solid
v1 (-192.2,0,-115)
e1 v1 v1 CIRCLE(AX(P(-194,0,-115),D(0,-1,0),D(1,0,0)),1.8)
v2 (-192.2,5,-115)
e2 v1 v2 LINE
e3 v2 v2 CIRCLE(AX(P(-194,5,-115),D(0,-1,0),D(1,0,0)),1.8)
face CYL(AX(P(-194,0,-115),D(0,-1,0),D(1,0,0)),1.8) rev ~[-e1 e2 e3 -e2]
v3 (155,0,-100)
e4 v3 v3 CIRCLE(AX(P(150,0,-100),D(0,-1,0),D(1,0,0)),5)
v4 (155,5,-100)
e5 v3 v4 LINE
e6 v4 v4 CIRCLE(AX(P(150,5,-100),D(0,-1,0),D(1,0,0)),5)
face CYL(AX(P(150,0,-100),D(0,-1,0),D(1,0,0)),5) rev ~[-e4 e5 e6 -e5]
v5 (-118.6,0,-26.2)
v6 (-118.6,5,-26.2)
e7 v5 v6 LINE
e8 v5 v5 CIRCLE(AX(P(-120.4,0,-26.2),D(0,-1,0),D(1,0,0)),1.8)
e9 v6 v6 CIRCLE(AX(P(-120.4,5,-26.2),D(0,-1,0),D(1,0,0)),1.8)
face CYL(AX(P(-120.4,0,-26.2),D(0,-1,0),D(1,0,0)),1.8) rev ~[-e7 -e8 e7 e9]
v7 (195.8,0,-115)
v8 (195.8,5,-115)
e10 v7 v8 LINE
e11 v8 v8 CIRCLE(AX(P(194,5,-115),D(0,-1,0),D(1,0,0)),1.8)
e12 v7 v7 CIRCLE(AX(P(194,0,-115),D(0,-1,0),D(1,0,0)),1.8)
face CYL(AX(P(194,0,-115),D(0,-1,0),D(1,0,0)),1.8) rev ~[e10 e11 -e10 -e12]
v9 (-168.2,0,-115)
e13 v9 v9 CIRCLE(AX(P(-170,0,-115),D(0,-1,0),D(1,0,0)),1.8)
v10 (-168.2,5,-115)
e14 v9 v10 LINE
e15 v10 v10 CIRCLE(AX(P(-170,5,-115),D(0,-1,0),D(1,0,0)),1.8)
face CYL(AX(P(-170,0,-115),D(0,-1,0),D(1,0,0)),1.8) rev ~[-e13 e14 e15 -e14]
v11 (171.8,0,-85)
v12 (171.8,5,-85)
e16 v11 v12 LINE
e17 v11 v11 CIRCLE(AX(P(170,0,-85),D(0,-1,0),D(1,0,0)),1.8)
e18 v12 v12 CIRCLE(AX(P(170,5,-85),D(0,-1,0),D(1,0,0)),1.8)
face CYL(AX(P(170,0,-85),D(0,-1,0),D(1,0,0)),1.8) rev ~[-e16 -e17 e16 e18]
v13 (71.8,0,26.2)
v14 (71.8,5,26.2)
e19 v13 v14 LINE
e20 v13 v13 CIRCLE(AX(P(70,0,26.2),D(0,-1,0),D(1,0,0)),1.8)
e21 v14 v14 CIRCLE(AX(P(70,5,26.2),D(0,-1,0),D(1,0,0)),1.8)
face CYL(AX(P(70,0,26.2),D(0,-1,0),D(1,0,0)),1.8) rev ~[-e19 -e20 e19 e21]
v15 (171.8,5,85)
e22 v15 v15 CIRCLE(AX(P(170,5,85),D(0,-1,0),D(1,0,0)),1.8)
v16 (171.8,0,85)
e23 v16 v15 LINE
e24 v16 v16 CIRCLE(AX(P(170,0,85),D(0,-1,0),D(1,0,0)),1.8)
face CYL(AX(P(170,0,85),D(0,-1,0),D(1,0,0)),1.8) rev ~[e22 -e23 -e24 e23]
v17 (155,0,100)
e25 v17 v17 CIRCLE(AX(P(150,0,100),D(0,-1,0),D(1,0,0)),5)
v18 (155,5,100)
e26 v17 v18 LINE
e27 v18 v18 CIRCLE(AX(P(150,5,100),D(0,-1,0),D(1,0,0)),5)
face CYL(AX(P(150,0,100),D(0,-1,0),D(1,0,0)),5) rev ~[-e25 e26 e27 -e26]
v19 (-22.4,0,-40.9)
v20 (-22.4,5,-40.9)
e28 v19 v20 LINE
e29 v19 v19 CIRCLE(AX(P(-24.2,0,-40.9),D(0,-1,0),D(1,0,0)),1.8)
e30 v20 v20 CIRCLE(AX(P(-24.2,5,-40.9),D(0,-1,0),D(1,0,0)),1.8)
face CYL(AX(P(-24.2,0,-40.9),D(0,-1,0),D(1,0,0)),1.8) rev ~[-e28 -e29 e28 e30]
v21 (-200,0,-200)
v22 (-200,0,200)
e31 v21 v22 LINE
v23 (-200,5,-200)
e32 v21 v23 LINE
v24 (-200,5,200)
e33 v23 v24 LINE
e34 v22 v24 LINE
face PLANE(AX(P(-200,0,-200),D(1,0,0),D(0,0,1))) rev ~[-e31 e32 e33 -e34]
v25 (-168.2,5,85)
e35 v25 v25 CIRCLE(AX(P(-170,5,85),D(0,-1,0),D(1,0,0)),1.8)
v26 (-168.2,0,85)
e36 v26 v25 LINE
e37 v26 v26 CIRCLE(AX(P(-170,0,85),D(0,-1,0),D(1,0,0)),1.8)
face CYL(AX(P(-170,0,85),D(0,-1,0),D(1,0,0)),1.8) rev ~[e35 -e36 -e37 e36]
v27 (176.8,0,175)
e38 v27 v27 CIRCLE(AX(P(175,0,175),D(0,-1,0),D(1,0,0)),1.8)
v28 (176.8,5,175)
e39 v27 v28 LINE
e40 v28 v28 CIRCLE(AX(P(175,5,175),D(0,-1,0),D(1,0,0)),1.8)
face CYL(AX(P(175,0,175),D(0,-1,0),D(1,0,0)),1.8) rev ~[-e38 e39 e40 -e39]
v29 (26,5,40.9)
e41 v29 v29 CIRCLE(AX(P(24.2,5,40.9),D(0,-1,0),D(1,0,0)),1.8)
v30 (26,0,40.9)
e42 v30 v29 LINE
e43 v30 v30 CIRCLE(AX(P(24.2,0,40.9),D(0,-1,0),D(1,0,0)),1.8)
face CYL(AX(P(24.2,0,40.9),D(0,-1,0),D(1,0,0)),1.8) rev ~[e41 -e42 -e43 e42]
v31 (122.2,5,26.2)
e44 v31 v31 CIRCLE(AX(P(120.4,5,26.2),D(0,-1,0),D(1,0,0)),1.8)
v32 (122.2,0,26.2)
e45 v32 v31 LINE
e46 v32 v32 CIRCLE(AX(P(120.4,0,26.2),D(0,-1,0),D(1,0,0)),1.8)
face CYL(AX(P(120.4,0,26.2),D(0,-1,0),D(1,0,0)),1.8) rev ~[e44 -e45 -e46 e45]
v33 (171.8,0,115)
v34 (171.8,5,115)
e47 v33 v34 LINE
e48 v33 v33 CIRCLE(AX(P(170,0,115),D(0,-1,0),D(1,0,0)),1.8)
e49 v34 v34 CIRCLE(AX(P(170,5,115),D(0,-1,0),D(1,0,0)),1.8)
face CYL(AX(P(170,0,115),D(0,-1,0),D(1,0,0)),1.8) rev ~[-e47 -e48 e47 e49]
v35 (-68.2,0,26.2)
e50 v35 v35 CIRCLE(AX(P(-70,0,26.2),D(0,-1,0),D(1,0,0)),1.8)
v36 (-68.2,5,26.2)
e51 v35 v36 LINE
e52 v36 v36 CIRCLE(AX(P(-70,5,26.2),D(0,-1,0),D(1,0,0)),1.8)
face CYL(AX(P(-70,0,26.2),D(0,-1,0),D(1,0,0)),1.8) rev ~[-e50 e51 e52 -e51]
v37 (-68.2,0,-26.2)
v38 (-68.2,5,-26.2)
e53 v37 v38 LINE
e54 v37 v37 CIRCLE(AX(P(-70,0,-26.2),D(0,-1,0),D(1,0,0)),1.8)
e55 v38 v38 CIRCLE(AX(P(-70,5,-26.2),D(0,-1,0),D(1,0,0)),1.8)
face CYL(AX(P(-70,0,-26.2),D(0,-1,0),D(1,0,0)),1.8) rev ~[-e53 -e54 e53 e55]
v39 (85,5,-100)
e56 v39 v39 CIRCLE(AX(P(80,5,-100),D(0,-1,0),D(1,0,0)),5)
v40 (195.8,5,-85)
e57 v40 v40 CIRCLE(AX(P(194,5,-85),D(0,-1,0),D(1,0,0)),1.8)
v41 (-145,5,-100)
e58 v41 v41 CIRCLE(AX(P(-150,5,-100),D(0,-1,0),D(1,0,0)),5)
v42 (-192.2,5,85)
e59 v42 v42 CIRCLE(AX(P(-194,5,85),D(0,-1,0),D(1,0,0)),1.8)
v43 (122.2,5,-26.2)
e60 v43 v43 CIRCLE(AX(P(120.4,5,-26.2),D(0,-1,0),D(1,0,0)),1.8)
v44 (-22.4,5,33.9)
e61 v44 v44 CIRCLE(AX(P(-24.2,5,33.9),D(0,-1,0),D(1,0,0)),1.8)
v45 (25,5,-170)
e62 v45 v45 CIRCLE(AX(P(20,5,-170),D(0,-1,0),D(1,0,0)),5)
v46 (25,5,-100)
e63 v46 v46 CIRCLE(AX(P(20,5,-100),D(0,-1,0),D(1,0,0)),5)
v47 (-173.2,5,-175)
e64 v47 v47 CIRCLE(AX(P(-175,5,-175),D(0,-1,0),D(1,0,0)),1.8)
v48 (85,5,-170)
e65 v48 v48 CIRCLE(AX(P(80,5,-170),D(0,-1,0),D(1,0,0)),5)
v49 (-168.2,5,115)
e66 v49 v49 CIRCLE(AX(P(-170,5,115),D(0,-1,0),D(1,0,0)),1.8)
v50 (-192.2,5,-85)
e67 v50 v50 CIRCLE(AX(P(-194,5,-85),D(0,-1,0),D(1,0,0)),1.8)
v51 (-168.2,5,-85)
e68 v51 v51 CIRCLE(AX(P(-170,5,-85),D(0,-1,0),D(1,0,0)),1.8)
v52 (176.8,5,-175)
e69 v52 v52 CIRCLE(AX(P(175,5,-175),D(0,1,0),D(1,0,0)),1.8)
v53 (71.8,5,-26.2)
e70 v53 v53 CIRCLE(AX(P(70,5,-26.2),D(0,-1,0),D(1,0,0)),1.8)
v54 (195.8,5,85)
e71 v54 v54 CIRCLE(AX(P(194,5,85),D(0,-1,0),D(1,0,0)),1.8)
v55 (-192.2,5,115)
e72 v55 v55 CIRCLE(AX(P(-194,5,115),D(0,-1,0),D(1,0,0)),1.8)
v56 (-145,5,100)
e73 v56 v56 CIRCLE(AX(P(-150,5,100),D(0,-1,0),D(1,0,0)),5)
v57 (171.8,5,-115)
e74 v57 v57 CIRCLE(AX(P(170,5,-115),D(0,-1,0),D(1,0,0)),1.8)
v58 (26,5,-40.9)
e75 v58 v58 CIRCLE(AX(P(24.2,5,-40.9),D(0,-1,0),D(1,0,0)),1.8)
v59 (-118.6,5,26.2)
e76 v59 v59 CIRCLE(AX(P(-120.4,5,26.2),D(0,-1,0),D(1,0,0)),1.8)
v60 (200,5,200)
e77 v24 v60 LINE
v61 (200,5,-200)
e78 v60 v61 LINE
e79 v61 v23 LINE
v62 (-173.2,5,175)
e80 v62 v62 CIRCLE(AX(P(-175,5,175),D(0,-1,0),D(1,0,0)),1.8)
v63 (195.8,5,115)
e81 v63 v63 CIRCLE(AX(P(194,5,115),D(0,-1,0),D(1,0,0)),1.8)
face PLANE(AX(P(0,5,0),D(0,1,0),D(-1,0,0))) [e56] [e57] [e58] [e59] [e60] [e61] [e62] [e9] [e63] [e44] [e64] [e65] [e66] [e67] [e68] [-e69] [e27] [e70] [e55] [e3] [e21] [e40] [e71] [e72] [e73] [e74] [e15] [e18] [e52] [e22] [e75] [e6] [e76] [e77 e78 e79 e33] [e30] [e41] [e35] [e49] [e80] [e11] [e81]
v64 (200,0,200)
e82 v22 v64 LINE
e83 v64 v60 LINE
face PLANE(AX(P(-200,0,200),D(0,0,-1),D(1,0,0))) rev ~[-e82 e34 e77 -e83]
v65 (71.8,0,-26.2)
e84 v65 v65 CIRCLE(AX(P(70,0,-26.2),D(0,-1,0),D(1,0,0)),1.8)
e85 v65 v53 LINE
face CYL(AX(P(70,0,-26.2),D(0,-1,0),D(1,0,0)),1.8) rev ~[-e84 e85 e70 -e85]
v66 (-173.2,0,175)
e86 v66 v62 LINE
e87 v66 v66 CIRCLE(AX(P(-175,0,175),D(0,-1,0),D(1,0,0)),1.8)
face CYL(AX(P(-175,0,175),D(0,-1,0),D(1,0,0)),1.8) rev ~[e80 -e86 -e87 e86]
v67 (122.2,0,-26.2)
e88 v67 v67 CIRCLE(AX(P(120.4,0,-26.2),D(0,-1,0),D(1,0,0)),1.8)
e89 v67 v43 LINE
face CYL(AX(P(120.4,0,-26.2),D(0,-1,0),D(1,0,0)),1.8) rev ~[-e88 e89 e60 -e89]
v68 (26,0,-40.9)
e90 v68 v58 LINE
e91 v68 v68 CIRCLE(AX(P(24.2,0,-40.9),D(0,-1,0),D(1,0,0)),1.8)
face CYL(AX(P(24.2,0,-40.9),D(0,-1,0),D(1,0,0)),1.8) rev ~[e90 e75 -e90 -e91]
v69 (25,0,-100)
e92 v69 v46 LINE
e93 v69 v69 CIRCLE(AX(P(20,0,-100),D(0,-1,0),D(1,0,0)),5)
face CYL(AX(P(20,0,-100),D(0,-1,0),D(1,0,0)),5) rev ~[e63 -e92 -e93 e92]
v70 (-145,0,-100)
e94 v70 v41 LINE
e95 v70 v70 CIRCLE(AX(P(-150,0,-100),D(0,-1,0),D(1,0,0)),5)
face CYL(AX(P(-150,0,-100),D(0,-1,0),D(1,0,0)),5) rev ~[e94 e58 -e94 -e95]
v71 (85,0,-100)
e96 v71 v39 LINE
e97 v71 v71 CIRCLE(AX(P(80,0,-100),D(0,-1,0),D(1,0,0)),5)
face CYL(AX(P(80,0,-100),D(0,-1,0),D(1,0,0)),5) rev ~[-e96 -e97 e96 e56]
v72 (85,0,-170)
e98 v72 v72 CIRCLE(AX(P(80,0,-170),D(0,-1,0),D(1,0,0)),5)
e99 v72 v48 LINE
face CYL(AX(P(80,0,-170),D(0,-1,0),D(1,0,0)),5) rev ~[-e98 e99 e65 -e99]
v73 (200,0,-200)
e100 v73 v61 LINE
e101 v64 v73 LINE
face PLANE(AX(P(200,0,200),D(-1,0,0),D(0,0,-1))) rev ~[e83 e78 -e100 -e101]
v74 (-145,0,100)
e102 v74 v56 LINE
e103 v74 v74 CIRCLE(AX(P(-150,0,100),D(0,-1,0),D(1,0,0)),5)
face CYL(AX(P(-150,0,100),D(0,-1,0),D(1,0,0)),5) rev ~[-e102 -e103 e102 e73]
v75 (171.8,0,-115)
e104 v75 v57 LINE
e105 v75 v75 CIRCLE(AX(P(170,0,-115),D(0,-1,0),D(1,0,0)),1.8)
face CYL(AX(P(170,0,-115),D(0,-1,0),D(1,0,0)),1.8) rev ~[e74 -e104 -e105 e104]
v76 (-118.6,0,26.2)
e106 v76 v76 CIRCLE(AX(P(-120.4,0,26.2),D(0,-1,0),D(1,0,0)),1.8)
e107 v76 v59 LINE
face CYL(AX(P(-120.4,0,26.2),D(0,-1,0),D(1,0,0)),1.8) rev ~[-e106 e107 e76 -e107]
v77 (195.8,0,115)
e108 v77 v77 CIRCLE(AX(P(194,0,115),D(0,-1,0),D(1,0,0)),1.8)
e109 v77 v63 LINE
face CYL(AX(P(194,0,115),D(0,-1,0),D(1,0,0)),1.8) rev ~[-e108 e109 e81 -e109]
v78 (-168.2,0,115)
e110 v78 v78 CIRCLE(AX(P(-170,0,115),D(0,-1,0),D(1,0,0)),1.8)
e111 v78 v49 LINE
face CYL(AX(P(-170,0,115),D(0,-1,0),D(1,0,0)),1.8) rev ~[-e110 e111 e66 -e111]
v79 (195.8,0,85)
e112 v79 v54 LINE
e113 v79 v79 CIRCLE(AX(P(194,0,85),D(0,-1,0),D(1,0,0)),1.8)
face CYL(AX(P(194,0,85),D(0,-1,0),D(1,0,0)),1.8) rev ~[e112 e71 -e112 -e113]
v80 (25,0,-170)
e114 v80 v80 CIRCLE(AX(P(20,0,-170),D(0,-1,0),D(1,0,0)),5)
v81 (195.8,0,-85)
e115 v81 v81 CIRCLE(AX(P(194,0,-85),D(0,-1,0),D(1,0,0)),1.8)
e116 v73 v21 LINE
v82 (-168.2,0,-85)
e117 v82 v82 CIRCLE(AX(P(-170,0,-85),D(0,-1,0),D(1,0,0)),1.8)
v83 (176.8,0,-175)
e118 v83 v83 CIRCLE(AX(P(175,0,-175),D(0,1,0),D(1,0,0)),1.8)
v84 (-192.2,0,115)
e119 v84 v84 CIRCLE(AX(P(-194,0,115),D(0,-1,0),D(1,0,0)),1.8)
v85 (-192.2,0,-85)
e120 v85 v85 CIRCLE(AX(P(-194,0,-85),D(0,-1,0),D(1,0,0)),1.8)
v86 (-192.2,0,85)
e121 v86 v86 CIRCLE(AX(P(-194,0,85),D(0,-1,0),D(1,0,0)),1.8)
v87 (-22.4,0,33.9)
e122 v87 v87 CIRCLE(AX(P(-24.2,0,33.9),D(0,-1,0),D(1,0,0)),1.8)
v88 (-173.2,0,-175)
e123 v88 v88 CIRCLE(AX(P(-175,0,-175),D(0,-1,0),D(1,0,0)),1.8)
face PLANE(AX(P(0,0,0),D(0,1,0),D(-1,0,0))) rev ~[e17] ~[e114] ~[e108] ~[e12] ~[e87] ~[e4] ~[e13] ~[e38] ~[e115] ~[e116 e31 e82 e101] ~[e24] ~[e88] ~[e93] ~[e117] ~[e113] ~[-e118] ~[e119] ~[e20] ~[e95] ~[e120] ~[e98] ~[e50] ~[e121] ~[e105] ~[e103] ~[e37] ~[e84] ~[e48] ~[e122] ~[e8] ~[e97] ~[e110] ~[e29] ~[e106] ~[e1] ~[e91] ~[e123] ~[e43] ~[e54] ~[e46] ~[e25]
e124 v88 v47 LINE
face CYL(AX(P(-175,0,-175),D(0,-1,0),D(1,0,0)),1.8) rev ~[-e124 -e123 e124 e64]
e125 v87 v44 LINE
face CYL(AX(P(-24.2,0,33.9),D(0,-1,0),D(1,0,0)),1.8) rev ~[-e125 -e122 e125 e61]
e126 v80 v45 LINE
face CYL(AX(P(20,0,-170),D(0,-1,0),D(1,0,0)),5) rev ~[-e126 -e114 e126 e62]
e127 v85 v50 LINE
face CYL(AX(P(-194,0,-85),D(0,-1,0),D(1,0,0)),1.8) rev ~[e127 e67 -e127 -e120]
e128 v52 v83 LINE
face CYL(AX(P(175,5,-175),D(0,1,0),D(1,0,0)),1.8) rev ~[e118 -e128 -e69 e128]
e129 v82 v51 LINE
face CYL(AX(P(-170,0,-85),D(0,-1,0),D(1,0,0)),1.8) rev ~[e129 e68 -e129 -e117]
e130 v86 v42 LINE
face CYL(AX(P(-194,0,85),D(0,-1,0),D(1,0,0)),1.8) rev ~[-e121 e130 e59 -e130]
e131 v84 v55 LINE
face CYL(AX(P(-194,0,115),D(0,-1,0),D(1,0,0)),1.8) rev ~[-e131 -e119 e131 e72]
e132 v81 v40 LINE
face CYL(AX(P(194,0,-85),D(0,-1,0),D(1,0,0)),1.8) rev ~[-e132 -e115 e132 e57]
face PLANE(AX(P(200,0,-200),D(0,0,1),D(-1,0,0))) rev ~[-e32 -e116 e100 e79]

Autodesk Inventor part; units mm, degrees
ref_plane "YZ Plane" through (0, 0, 0) normal (1, 0, 0) x (0, 1, 0)
ref_plane "XZ Plane" through (0, 0, 0) normal (0, 1, 0) x (-1, 0, 0)
ref_plane "XY Plane" through (0, 0, 0) normal (0, 0, 1) x (1, 0, 0)
sketch "草图1" plane through (0, 0, 0) normal (0, 1, 0) x (-1, 0, 0)
  line L0 (200, 200) -> (-200, 200)
  line L1 (-200, 200) -> (-200, -200)
  line L2 (-200, -200) -> (200, -200)
  line L3 (200, -200) -> (200, 200)
  point P0 (0, 0)
  dimension "d0" = 400
  dimension "d1" = 400
extrude "拉伸1" add sketch "草图1" along normal blind 5
sketch "草图2" plane through (0, 5, 0) normal (0, 1, 0) x (1, 0, 0)
  circle A0 centre (175, 175) radius 1.8
  point P0 (0, 0)
  dimension "d4" = 3.6
extrude "拉伸2" cut sketch "草图2" against normal through all
sketch "草图3" plane through (0, 0, 0) normal (0, -1, 0) x (1, 0, 0)
  circle A0 centre (175, 175) radius 1.8
  point P0 (0, 0)
  dimension "d7" = 3.6
extrude "拉伸3" cut sketch "草图3" against normal through all
sketch "草图4" plane through (0, 0, 0) normal (0, -1, 0) x (1, 0, 0)
  circle A0 centre (-175, -175) radius 1.8
  point P0 (0, 0)
  dimension "d10" = 3.6
extrude "拉伸4" cut sketch "草图4" against normal through all
sketch "草图5" plane through (0, 0, 0) normal (0, -1, 0) x (1, 0, 0)
  circle A0 centre (-175, 175) radius 1.8
  point P0 (0, 0)
  dimension "d13" = 3.6
extrude "拉伸5" cut sketch "草图5" against normal through all
sketch "草图6" plane through (0, 0, 0) normal (0, -1, 0) x (1, 0, 0)
  circle A0 centre (-194, -85) radius 1.8
  point P0 (0, 0)
  dimension "d16" = 3.6
extrude "拉伸6" cut sketch "草图6" against normal through all
sketch "草图7" plane through (0, 0, 0) normal (0, -1, 0) x (1, 0, 0)
  circle A0 centre (-170, -85) radius 1.8
  point P0 (0, 0)
  dimension "d19" = 3.6
extrude "拉伸7" cut sketch "草图7" against normal through all
sketch "草图8" plane through (0, 0, 0) normal (0, -1, 0) x (1, 0, 0)
  circle A0 centre (-194, -115) radius 1.8
  point P0 (0, 0)
  dimension "d22" = 3.6
extrude "拉伸8" cut sketch "草图8" against normal through all
sketch "草图9" plane through (0, 0, 0) normal (0, -1, 0) x (1, 0, 0)
  circle A0 centre (-170, -115) radius 1.8
  point P0 (0, 0)
  dimension "d25" = 3.6
extrude "拉伸9" cut sketch "草图9" against normal through all
sketch "草图10" plane through (0, 0, 0) normal (0, -1, 0) x (1, 0, 0)
  circle A0 centre (194, 85) radius 1.8
  point P0 (0, 0)
  dimension "d28" = 3.6
extrude "拉伸10" cut sketch "草图10" against normal through all
sketch "草图11" plane through (0, 0, 0) normal (0, -1, 0) x (1, 0, 0)
  circle A0 centre (194, 115) radius 1.8
  point P0 (0, 0)
  dimension "d31" = 3.6
extrude "拉伸11" cut sketch "草图11" against normal through all
sketch "草图12" plane through (0, 0, 0) normal (0, -1, 0) x (1, 0, 0)
  circle A0 centre (170, 85) radius 1.8
  point P0 (0, 0)
  dimension "d34" = 3.6
extrude "拉伸12" cut sketch "草图12" against normal through all
sketch "草图13" plane through (0, 0, 0) normal (0, -1, 0) x (1, 0, 0)
  circle A0 centre (170, 115) radius 1.8
  point P0 (0, 0)
  dimension "d37" = 3.6
extrude "拉伸13" cut sketch "草图13" against normal through all
sketch "草图14" plane through (0, 0, 0) normal (0, -1, 0) x (1, 0, 0)
  circle A0 centre (194, -85) radius 1.8
  point P0 (0, 0)
  dimension "d40" = 3.6
extrude "拉伸14" cut sketch "草图14" against normal through all
sketch "草图15" plane through (0, 0, 0) normal (0, -1, 0) x (1, 0, 0)
  circle A0 centre (194, -115) radius 1.8
  point P0 (0, 0)
  dimension "d43" = 3.6
extrude "拉伸15" cut sketch "草图15" against normal through all
sketch "草图16" plane through (0, 0, 0) normal (0, -1, 0) x (1, 0, 0)
  circle A0 centre (170, -85) radius 1.8
  point P0 (0, 0)
  dimension "d46" = 3.6
extrude "拉伸16" cut sketch "草图16" against normal through all
sketch "草图17" plane through (0, 0, 0) normal (0, -1, 0) x (1, 0, 0)
  circle A0 centre (170, -115) radius 1.8
  point P0 (0, 0)
  dimension "d49" = 3.6
extrude "拉伸17" cut sketch "草图17" against normal through all
sketch "草图18" plane through (0, 0, 0) normal (0, -1, 0) x (1, 0, 0)
  circle A0 centre (-194, 115) radius 1.8
  point P0 (0, 0)
  dimension "d52" = 3.6
extrude "拉伸18" cut sketch "草图18" against normal through all
sketch "草图19" plane through (0, 0, 0) normal (0, -1, 0) x (1, 0, 0)
  circle A0 centre (-194, 85) radius 1.8
  point P0 (0, 0)
  dimension "d55" = 3.6
extrude "拉伸19" cut sketch "草图19" against normal through all
sketch "草图20" plane through (0, 0, 0) normal (0, -1, 0) x (1, 0, 0)
  circle A0 centre (-170, 115) radius 1.8
  point P0 (0, 0)
  dimension "d58" = 3.6
extrude "拉伸20" cut sketch "草图20" against normal through all
sketch "草图21" plane through (0, 0, 0) normal (0, -1, 0) x (1, 0, 0)
  circle A0 centre (-170, 85) radius 1.8
  point P0 (0, 0)
  dimension "d61" = 3.6
extrude "拉伸21" cut sketch "草图21" against normal through all
sketch "草图22" plane through (0, 0, 0) normal (0, -1, 0) x (1, 0, 0)
  circle A0 centre (150, 100) radius 5
  point P0 (0, 0)
  dimension "d64" = 10
extrude "拉伸22" cut sketch "草图22" against normal through all
sketch "草图23" plane through (0, 0, 0) normal (0, -1, 0) x (1, 0, 0)
  circle A0 centre (150, -100) radius 5
  point P0 (0, 0)
  dimension "d67" = 10
extrude "拉伸23" cut sketch "草图23" against normal through all
sketch "草图24" plane through (0, 0, 0) normal (0, -1, 0) x (1, 0, 0)
  circle A0 centre (-150, 100) radius 5
  point P0 (0, 0)
  dimension "d70" = 10
extrude "拉伸24" cut sketch "草图24" against normal through all
sketch "草图25" plane through (0, 0, 0) normal (0, -1, 0) x (1, 0, 0)
  circle A0 centre (-150, -100) radius 5
  point P0 (0, 0)
  dimension "d73" = 10
extrude "拉伸25" cut sketch "草图25" against normal through all
sketch "草图26" plane through (0, 0, 0) normal (0, -1, 0) x (1, 0, 0)
  circle A0 centre (24.2, 40.9) radius 1.8
  point P0 (0, 0)
  dimension "d76" = 3.6
extrude "拉伸26" cut sketch "草图26" against normal through all
sketch "草图27" plane through (0, 0, 0) normal (0, -1, 0) x (1, 0, 0)
  circle A0 centre (24.2, -40.9) radius 1.8
  point P0 (0, 0)
  dimension "d79" = 3.6
extrude "拉伸27" cut sketch "草图27" against normal through all
sketch "草图28" plane through (0, 0, 0) normal (0, -1, 0) x (1, 0, 0)
  circle A0 centre (-24.2, -40.9) radius 1.8
  point P0 (0, 0)
  dimension "d82" = 3.6
extrude "拉伸28" cut sketch "草图28" against normal through all
sketch "草图29" plane through (0, 0, 0) normal (0, -1, 0) x (1, 0, 0)
  circle A0 centre (-24.2, 33.9) radius 1.8
  point P0 (0, 0)
  dimension "d85" = 3.6
extrude "拉伸29" cut sketch "草图29" against normal through all
sketch "草图32" plane through (0, 0, 0) normal (0, -1, 0) x (1, 0, 0)
  point P0 (0, 0)
sketch "草图34" plane through (0, 0, 0) normal (0, -1, 0) x (1, 0, 0)
  point P0 (0, 0)
sketch "草图35" plane through (0, 0, 0) normal (0, -1, 0) x (1, 0, 0)
  circle A0 centre (-120.4, 26.2) radius 1.8
  point P0 (0, 0)
  dimension "d97" = 3.6
extrude "拉伸33" cut sketch "草图35" against normal through all
sketch "草图36" plane through (0, 0, 0) normal (0, -1, 0) x (1, 0, 0)
  circle A0 centre (-70, 26.2) radius 1.8
  point P0 (0, 0)
  dimension "d100" = 3.6
extrude "拉伸34" cut sketch "草图36" against normal through all
sketch "草图37" plane through (0, 0, 0) normal (0, -1, 0) x (1, 0, 0)
  circle A0 centre (70, 26.2) radius 1.8
  point P0 (0, 0)
  dimension "d103" = 3.6
extrude "拉伸35" cut sketch "草图37" against normal through all
sketch "草图38" plane through (0, 0, 0) normal (0, -1, 0) x (1, 0, 0)
  circle A0 centre (120.4, 26.2) radius 1.8
  point P0 (0, 0)
  dimension "d106" = 3.6
extrude "拉伸36" cut sketch "草图38" against normal through all
sketch "草图39" plane through (0, 0, 0) normal (0, -1, 0) x (1, 0, 0)
  circle A0 centre (-70, -26.2) radius 1.8
  point P0 (0, 0)
  dimension "d109" = 3.6
extrude "拉伸37" cut sketch "草图39" against normal through all
sketch "草图40" plane through (0, 0, 0) normal (0, -1, 0) x (1, 0, 0)
  circle A0 centre (70, -26.2) radius 1.8
  point P0 (0, 0)
  dimension "d112" = 3.6
extrude "拉伸38" cut sketch "草图40" against normal through all
sketch "草图41" plane through (0, 0, 0) normal (0, -1, 0) x (1, 0, 0)
  circle A0 centre (120.4, -26.2) radius 1.8
  point P0 (0, 0)
  dimension "d115" = 3.6
extrude "拉伸39" cut sketch "草图41" against normal through all
sketch "草图42" plane through (0, 0, 0) normal (0, -1, 0) x (1, 0, 0)
  circle A0 centre (-120.4, -26.2) radius 1.8
  point P0 (0, 0)
  dimension "d118" = 3.6
extrude "拉伸40" cut sketch "草图42" against normal through all
sketch "草图43" plane through (0, 0, 0) normal (0, -1, 0) x (1, 0, 0)
  circle A0 centre (20, -100) radius 5
  point P0 (0, 0)
  dimension "d121" = 10
extrude "拉伸41" cut sketch "草图43" against normal through all
sketch "草图44" plane through (0, 0, 0) normal (0, -1, 0) x (1, 0, 0)
  circle A0 centre (80, -100) radius 5
  point P0 (0, 0)
  dimension "d124" = 10
extrude "拉伸42" cut sketch "草图44" against normal through all
sketch "草图45" plane through (0, 0, 0) normal (0, -1, 0) x (1, 0, 0)
  circle A0 centre (20, -170) radius 5
  point P0 (0, 0)
  dimension "d127" = 10
extrude "拉伸43" cut sketch "草图45" against normal through all
sketch "草图46" plane through (0, 0, 0) normal (0, -1, 0) x (1, 0, 0)
  circle A0 centre (80, -170) radius 5
  point P0 (0, 0)
  dimension "d130" = 10
extrude "拉伸44" cut sketch "草图46" against normal through all
sketch "草图47" plane through (0, 0, 0) normal (0, -1, 0) x (1, 0, 0)
  point P0 (0, 0)
equation "\"折弯半径\" = 厚度"
equation "\"折弯释压宽度\" = 厚度"
equation "\"折弯释压深度\" = 0.5 * 厚度"
equation "\"拐角释压尺寸\" = 4 * 厚度"
equation "\"最小余量\" = 2 * 厚度"
equation "\"过渡半径\" = 折弯半径"
equation "\"Jacobi半径尺寸\" = 折弯半径"
equation "\"间隙大小\" = 厚度"
equation "\"厚度\" = 0.5"
properties part number "下层板"
